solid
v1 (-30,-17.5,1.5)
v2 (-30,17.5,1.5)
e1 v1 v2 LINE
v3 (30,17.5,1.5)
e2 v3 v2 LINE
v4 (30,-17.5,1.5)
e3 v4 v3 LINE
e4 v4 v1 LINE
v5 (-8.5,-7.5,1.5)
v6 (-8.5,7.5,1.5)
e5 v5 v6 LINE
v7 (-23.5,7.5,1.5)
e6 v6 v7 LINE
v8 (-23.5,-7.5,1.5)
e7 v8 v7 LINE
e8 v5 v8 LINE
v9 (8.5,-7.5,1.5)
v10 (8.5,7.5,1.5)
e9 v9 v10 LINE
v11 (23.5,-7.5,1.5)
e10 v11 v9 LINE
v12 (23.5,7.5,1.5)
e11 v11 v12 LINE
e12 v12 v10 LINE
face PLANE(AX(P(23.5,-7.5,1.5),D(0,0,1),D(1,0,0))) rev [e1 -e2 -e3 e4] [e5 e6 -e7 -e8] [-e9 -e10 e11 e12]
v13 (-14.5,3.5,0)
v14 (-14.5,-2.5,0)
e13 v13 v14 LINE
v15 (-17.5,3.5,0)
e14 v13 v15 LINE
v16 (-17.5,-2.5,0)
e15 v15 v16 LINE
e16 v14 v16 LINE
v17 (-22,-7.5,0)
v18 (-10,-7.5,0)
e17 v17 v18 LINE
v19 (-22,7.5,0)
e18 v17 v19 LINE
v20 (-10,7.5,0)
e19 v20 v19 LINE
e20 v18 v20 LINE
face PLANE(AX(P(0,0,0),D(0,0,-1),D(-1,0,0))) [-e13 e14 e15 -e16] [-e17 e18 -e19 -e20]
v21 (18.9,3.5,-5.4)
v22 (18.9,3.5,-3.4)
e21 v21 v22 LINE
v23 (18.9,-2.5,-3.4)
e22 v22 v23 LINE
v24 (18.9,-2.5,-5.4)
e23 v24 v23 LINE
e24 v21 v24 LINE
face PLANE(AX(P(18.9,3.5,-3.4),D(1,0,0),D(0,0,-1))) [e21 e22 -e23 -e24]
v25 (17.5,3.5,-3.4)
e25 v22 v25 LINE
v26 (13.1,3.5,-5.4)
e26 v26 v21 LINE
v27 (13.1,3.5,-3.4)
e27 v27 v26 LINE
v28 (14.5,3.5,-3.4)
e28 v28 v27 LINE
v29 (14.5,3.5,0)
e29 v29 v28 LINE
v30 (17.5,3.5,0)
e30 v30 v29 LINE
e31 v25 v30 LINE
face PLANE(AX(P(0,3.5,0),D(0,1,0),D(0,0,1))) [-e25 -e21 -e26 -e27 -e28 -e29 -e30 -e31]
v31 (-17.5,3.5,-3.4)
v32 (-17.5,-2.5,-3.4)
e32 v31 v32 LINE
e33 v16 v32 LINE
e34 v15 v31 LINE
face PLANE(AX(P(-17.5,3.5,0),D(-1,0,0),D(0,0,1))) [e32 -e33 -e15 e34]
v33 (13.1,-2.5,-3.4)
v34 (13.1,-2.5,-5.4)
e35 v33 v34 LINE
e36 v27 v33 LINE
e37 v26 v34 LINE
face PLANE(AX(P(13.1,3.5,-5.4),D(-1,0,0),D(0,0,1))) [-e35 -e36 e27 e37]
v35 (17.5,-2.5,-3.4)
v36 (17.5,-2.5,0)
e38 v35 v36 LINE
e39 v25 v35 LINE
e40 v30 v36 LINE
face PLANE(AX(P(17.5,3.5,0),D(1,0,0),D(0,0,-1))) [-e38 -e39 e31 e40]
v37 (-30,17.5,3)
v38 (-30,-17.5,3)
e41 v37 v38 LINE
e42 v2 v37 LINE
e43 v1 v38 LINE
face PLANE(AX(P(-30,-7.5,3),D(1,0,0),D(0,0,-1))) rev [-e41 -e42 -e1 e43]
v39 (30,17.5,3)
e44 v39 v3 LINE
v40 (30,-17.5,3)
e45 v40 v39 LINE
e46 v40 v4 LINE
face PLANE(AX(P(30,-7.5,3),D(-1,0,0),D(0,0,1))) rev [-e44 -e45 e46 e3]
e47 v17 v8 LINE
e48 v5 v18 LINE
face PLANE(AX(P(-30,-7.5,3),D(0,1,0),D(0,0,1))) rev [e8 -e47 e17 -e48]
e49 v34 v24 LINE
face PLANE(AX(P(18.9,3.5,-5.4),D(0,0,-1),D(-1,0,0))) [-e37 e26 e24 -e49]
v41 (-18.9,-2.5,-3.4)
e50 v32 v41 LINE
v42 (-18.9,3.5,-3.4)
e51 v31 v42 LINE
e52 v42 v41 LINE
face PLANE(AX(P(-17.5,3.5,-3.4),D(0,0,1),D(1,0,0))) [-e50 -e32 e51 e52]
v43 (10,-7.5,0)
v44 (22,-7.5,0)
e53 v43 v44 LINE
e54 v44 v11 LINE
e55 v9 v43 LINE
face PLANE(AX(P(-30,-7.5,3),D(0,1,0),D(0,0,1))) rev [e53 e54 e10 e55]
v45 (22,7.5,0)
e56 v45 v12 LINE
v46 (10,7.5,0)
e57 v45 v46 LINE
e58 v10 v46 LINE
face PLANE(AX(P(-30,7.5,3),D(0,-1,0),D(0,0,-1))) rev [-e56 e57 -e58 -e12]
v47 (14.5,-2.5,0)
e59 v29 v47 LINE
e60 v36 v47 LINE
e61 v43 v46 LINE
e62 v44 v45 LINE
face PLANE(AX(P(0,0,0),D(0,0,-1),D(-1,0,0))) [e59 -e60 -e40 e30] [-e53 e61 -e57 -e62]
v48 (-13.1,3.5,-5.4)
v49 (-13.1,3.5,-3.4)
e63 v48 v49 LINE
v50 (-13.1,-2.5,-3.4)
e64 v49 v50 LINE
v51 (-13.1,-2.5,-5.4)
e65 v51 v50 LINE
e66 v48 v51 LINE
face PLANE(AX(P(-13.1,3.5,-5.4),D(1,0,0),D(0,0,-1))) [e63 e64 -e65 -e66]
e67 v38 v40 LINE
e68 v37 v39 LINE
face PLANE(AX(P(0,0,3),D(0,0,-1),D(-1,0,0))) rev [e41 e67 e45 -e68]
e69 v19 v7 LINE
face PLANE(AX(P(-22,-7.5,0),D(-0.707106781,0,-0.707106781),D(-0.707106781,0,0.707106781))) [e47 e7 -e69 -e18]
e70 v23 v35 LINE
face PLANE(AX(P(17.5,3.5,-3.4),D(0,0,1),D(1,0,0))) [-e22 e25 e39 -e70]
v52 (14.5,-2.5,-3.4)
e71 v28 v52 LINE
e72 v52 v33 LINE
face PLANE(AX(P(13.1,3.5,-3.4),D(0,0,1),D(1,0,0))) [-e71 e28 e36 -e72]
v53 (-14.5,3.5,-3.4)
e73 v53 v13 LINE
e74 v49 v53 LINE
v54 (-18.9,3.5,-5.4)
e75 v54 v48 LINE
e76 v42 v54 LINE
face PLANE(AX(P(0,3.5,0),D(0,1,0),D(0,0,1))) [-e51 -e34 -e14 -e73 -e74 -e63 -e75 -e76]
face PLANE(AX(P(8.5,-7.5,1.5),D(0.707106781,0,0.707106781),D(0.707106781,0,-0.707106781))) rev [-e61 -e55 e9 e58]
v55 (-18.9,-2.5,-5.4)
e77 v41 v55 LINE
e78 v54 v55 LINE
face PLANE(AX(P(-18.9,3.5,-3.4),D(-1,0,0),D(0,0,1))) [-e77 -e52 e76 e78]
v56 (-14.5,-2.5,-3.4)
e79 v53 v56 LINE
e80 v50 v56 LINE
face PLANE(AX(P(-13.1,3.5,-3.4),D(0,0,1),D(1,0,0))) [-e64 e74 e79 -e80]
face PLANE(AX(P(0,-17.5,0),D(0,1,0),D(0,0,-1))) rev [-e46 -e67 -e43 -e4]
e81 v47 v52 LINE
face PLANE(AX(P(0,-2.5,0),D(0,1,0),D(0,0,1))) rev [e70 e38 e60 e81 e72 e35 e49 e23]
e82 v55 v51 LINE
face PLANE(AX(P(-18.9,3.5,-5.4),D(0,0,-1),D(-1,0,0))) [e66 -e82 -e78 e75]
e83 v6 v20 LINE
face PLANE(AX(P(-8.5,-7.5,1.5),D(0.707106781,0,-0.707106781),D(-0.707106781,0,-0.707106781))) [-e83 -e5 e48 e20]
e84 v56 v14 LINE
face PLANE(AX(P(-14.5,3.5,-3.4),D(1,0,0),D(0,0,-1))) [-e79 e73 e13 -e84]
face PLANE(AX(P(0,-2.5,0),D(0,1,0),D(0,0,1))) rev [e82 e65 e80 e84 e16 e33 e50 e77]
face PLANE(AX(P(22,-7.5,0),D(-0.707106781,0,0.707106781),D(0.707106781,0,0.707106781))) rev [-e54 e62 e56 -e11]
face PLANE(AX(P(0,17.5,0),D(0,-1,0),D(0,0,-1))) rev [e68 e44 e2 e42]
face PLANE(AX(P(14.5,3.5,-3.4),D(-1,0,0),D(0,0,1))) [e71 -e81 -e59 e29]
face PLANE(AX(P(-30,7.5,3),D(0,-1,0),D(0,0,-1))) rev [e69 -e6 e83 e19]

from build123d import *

# Parameters (mm, degrees)
SKETCH1_W           = 60
SKETCH1_H           = 15
BOSS_EXTRUDE1_DEPTH = 3
BOSS_EXTRUDE2_DEPTH = 6
CUT_EXTRUDE1_DEPTH  = 34.972930401
SKETCH5_W           = 60
SKETCH5_H           = 1.5
BOSS_EXTRUDE3_DEPTH = 10


with BuildPart() as part:
    # Sketch1 → Boss-Extrude1 (new body)
    with BuildSketch(Plane.XY):
        Rectangle(SKETCH1_W, SKETCH1_H)
    extrude(amount=BOSS_EXTRUDE1_DEPTH)

    # Sketch3 → Boss-Extrude2 (add)
    with BuildSketch(Plane(origin=(0, -2.5, 0), x_dir=(-1, 0, 0), z_dir=(0, -1, 0))):
        Polygon((-14.5, 0), (-17.5, 0), (-17.5, 3.4), (-18.9, 3.4), (-18.9, 5.4), (-13.1, 5.4), (-13.1, 3.4), (-14.5, 3.4), align=None)
        Polygon((14.5, 3.4), (14.5, 0), (17.5, 0), (17.5, 3.4), (18.9, 3.4), (18.9, 5.4), (13.1, 5.4), (13.1, 3.4), align=None)
    extrude(amount=-BOSS_EXTRUDE2_DEPTH)

    # Sketch4 → Cut-Extrude1 (cut, through all)
    with BuildSketch(Plane(origin=(0, 7.5, 0), x_dir=(1, 0, 0), z_dir=(0, 1, 0))):
        Polygon((30, 0), (22, 0), (23.5, -1.5), (30, -1.5), align=None)
        Polygon((0, 0), (0, -1.5), (8.5, -1.5), (10, 0), align=None)
    cut_extrude1 = extrude(amount=-CUT_EXTRUDE1_DEPTH, mode=Mode.SUBTRACT)

    # Mirror1: Cut-Extrude1 across plane
    add(cut_extrude1.mirror(Plane(origin=(0, 0, 0), x_dir=(0, 0, 1), z_dir=(1, 0, 0))), mode=Mode.SUBTRACT)

    # Sketch5 → Boss-Extrude3 (add)
    with BuildSketch(Plane(origin=(0, 7.5, 0), x_dir=(1, 0, 0), z_dir=(0, 1, 0))):
        with Locations((0, -2.25)):
            Rectangle(SKETCH5_W, SKETCH5_H)
    boss_extrude3 = extrude(amount=BOSS_EXTRUDE3_DEPTH)

    # Mirror2: Boss-Extrude3 across plane
    add(boss_extrude3.mirror(Plane.ZX))


solid = part.part
